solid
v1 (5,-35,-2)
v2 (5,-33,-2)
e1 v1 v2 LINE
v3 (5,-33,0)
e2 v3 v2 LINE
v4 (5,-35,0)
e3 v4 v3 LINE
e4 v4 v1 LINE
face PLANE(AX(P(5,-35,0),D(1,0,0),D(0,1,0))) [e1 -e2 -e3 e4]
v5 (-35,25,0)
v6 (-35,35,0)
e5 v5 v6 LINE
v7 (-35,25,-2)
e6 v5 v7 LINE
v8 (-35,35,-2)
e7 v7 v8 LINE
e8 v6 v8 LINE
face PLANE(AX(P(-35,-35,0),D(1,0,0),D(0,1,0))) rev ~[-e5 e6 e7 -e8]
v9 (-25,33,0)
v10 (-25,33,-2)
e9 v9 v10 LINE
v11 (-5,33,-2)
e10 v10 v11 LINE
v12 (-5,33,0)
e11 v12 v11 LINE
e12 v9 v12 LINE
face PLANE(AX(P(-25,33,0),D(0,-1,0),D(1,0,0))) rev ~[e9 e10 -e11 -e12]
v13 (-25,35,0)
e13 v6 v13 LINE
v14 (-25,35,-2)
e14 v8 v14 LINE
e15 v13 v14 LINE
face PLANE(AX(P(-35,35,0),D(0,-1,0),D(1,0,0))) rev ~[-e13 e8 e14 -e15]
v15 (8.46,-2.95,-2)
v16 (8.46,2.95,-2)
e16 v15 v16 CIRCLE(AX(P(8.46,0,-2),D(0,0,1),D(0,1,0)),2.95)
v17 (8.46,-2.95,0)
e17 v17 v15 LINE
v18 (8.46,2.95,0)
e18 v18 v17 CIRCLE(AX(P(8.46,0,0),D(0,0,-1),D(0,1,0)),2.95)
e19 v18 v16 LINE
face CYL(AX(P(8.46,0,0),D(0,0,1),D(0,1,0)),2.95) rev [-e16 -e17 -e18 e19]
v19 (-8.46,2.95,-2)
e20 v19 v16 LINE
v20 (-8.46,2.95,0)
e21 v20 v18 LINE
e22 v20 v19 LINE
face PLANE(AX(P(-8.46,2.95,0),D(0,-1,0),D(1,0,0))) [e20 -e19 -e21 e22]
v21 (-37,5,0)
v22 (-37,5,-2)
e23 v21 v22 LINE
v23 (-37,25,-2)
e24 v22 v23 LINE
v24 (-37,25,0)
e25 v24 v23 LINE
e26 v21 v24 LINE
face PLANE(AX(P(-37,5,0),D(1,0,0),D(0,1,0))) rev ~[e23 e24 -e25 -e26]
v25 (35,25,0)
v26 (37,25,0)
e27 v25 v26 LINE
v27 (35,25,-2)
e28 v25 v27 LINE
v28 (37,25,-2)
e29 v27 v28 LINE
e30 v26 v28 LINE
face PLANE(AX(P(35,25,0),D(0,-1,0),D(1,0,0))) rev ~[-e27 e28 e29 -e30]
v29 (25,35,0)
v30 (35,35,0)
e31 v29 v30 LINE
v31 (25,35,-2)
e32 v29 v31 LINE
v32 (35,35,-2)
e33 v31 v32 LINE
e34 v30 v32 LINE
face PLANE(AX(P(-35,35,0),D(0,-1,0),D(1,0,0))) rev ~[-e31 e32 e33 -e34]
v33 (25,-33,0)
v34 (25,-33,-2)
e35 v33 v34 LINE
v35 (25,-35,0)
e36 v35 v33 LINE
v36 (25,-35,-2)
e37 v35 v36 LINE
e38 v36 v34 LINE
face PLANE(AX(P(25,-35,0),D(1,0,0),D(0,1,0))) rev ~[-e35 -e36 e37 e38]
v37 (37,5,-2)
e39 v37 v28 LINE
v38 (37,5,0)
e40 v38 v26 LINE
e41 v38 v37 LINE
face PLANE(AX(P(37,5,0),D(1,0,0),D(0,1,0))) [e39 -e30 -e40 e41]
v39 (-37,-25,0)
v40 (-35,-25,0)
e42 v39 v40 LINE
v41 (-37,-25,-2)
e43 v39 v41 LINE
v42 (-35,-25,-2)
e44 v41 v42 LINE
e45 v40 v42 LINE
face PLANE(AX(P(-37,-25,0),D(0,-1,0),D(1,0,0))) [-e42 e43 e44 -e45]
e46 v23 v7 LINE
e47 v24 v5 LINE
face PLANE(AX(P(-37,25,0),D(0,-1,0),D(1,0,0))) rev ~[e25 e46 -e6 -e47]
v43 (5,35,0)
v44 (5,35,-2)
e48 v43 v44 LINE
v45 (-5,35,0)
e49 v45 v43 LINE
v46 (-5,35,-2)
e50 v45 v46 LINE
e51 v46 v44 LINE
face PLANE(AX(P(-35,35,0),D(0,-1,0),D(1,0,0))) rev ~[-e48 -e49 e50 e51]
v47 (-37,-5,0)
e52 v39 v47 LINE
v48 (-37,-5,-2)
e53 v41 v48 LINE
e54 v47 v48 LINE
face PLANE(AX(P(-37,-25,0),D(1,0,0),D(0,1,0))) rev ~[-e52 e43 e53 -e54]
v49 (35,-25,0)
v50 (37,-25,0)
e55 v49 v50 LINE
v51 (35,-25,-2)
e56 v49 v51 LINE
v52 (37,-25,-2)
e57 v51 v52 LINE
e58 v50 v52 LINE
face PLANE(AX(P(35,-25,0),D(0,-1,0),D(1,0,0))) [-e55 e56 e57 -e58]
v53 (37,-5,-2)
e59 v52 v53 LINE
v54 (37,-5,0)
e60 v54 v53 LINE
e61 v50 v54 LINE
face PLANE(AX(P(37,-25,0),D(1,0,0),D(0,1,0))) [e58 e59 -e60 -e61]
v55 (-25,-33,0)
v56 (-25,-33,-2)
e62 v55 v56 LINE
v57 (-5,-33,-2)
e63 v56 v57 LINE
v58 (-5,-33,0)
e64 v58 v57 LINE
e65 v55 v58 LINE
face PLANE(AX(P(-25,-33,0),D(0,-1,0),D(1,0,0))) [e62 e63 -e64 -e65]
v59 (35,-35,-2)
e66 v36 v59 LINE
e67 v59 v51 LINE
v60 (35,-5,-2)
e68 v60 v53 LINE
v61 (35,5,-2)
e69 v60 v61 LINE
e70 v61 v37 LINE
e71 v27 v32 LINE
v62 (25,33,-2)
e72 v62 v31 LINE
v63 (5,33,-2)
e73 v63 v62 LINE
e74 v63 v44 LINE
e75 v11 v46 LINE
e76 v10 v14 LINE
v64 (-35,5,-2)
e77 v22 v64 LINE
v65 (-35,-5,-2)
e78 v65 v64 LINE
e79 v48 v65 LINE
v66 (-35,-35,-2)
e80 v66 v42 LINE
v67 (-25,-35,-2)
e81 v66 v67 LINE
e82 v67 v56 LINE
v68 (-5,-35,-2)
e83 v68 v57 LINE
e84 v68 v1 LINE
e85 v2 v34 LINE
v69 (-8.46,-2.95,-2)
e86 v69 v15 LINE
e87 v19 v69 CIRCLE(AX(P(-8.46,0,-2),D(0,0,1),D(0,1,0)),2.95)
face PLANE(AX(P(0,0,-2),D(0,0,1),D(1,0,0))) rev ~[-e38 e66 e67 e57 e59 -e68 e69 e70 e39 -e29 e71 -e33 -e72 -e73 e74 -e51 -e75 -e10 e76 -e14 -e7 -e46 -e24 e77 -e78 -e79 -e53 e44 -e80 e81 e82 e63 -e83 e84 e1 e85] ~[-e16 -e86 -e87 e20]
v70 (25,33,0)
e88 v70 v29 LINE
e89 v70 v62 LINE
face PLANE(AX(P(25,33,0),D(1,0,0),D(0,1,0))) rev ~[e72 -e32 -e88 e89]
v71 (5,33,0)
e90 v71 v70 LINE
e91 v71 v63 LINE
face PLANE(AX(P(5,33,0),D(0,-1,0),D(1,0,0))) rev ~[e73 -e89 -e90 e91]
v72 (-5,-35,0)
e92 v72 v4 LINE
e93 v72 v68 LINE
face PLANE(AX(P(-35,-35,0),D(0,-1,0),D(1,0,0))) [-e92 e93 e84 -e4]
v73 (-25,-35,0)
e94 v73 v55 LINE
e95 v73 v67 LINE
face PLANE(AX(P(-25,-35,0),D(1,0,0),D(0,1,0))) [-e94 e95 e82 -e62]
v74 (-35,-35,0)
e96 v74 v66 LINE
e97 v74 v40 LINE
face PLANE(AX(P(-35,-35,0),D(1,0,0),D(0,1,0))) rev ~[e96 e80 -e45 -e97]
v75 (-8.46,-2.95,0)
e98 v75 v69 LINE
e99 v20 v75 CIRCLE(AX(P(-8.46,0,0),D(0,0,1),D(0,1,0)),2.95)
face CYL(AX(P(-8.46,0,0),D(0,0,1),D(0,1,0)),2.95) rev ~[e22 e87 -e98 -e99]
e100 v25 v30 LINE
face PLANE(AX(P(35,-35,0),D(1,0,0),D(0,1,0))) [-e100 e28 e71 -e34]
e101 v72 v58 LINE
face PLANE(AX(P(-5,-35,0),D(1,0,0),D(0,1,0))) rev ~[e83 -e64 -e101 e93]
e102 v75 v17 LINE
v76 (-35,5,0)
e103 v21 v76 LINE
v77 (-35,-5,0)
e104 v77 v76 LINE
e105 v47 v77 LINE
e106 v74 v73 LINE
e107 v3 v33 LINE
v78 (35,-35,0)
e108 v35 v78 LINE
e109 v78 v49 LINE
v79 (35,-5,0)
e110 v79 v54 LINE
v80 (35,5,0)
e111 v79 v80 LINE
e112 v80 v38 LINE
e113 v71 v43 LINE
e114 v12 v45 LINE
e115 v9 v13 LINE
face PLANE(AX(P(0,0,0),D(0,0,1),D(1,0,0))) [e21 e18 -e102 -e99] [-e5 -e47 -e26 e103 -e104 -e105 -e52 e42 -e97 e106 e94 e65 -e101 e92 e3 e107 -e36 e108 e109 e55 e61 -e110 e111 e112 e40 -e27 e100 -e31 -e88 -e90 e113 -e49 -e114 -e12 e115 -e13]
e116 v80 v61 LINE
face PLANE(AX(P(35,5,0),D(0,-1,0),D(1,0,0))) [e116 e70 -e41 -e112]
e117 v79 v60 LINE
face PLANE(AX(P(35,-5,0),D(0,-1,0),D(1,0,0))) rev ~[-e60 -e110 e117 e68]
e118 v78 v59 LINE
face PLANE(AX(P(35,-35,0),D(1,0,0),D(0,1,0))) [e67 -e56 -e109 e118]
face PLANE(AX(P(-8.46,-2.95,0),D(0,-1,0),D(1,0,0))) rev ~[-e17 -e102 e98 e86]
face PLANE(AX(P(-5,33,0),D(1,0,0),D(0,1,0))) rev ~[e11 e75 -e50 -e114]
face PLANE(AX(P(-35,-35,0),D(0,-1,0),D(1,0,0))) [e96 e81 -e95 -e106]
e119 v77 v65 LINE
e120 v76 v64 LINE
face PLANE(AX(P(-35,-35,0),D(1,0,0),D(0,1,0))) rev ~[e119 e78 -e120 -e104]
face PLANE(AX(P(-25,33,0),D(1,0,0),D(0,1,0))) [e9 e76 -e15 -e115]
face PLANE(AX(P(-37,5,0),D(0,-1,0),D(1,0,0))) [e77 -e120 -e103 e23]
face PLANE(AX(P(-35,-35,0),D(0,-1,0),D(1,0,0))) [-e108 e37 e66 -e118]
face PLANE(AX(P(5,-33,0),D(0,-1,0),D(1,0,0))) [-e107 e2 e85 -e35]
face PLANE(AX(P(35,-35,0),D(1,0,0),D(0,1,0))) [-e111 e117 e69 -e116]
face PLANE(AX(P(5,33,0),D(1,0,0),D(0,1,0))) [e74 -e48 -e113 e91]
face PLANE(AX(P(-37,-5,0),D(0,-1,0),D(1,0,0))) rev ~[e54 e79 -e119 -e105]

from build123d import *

# Parameters (mm, degrees)
SKETCH1_W           = 70
SKETCH1_H           = 70
BOSS_EXTRUDE1_DEPTH = 2
SKETCH2_W           = 2
SKETCH2_H           = 20
BOSS_EXTRUDE2_DEPTH = 2
SKETCH3_W           = 20
SKETCH3_H           = 2
CUT_EXTRUDE1_DEPTH  = 2
SKETCH4_W           = 16.92
SKETCH4_H           = 5.9
CUT_EXTRUDE2_DEPTH  = 10


with BuildPart() as part:
    # Sketch1 → Boss-Extrude1 (new body)
    with BuildSketch(Plane.XY):
        Rectangle(SKETCH1_W, SKETCH1_H)
    extrude(amount=-BOSS_EXTRUDE1_DEPTH)

    # Sketch2 → Boss-Extrude2 (add)
    with BuildSketch(Plane.XY):
        with Locations((-36, 15)):
            Rectangle(SKETCH2_W, SKETCH2_H)
        with Locations((-36, -15)):
            Rectangle(SKETCH2_W, SKETCH2_H)
        with Locations((36, -15)):
            Rectangle(SKETCH2_W, SKETCH2_H)
        with Locations((36, 15)):
            Rectangle(SKETCH2_W, SKETCH2_H)
    extrude(amount=-BOSS_EXTRUDE2_DEPTH)

    # Sketch3 → Cut-Extrude1 (cut)
    with BuildSketch(Plane.XY):
        with Locations((-15, 34)):
            Rectangle(SKETCH3_W, SKETCH3_H)
        with Locations((15, 34)):
            Rectangle(SKETCH3_W, SKETCH3_H)
        with Locations((-15, -34)):
            Rectangle(SKETCH3_W, SKETCH3_H)
        with Locations((15, -34)):
            Rectangle(SKETCH3_W, SKETCH3_H)
    extrude(amount=-CUT_EXTRUDE1_DEPTH, mode=Mode.SUBTRACT)

    # Sketch4 → Cut-Extrude2 (cut)
    with BuildSketch(Plane.XY):
        Rectangle(SKETCH4_W, SKETCH4_H)
        with BuildLine():
            ThreePointArc((8.46, 2.95), (11.41, 0), (8.46, -2.95))
            Line((8.46, -2.95), (8.46, 2.95))
        make_face()
        with BuildLine():
            Line((-8.46, -2.95), (-8.46, 2.95))
            ThreePointArc((-8.46, 2.95), (-11.41, 0), (-8.46, -2.95))
        make_face()
    extrude(amount=-CUT_EXTRUDE2_DEPTH, mode=Mode.SUBTRACT)


solid = part.part
